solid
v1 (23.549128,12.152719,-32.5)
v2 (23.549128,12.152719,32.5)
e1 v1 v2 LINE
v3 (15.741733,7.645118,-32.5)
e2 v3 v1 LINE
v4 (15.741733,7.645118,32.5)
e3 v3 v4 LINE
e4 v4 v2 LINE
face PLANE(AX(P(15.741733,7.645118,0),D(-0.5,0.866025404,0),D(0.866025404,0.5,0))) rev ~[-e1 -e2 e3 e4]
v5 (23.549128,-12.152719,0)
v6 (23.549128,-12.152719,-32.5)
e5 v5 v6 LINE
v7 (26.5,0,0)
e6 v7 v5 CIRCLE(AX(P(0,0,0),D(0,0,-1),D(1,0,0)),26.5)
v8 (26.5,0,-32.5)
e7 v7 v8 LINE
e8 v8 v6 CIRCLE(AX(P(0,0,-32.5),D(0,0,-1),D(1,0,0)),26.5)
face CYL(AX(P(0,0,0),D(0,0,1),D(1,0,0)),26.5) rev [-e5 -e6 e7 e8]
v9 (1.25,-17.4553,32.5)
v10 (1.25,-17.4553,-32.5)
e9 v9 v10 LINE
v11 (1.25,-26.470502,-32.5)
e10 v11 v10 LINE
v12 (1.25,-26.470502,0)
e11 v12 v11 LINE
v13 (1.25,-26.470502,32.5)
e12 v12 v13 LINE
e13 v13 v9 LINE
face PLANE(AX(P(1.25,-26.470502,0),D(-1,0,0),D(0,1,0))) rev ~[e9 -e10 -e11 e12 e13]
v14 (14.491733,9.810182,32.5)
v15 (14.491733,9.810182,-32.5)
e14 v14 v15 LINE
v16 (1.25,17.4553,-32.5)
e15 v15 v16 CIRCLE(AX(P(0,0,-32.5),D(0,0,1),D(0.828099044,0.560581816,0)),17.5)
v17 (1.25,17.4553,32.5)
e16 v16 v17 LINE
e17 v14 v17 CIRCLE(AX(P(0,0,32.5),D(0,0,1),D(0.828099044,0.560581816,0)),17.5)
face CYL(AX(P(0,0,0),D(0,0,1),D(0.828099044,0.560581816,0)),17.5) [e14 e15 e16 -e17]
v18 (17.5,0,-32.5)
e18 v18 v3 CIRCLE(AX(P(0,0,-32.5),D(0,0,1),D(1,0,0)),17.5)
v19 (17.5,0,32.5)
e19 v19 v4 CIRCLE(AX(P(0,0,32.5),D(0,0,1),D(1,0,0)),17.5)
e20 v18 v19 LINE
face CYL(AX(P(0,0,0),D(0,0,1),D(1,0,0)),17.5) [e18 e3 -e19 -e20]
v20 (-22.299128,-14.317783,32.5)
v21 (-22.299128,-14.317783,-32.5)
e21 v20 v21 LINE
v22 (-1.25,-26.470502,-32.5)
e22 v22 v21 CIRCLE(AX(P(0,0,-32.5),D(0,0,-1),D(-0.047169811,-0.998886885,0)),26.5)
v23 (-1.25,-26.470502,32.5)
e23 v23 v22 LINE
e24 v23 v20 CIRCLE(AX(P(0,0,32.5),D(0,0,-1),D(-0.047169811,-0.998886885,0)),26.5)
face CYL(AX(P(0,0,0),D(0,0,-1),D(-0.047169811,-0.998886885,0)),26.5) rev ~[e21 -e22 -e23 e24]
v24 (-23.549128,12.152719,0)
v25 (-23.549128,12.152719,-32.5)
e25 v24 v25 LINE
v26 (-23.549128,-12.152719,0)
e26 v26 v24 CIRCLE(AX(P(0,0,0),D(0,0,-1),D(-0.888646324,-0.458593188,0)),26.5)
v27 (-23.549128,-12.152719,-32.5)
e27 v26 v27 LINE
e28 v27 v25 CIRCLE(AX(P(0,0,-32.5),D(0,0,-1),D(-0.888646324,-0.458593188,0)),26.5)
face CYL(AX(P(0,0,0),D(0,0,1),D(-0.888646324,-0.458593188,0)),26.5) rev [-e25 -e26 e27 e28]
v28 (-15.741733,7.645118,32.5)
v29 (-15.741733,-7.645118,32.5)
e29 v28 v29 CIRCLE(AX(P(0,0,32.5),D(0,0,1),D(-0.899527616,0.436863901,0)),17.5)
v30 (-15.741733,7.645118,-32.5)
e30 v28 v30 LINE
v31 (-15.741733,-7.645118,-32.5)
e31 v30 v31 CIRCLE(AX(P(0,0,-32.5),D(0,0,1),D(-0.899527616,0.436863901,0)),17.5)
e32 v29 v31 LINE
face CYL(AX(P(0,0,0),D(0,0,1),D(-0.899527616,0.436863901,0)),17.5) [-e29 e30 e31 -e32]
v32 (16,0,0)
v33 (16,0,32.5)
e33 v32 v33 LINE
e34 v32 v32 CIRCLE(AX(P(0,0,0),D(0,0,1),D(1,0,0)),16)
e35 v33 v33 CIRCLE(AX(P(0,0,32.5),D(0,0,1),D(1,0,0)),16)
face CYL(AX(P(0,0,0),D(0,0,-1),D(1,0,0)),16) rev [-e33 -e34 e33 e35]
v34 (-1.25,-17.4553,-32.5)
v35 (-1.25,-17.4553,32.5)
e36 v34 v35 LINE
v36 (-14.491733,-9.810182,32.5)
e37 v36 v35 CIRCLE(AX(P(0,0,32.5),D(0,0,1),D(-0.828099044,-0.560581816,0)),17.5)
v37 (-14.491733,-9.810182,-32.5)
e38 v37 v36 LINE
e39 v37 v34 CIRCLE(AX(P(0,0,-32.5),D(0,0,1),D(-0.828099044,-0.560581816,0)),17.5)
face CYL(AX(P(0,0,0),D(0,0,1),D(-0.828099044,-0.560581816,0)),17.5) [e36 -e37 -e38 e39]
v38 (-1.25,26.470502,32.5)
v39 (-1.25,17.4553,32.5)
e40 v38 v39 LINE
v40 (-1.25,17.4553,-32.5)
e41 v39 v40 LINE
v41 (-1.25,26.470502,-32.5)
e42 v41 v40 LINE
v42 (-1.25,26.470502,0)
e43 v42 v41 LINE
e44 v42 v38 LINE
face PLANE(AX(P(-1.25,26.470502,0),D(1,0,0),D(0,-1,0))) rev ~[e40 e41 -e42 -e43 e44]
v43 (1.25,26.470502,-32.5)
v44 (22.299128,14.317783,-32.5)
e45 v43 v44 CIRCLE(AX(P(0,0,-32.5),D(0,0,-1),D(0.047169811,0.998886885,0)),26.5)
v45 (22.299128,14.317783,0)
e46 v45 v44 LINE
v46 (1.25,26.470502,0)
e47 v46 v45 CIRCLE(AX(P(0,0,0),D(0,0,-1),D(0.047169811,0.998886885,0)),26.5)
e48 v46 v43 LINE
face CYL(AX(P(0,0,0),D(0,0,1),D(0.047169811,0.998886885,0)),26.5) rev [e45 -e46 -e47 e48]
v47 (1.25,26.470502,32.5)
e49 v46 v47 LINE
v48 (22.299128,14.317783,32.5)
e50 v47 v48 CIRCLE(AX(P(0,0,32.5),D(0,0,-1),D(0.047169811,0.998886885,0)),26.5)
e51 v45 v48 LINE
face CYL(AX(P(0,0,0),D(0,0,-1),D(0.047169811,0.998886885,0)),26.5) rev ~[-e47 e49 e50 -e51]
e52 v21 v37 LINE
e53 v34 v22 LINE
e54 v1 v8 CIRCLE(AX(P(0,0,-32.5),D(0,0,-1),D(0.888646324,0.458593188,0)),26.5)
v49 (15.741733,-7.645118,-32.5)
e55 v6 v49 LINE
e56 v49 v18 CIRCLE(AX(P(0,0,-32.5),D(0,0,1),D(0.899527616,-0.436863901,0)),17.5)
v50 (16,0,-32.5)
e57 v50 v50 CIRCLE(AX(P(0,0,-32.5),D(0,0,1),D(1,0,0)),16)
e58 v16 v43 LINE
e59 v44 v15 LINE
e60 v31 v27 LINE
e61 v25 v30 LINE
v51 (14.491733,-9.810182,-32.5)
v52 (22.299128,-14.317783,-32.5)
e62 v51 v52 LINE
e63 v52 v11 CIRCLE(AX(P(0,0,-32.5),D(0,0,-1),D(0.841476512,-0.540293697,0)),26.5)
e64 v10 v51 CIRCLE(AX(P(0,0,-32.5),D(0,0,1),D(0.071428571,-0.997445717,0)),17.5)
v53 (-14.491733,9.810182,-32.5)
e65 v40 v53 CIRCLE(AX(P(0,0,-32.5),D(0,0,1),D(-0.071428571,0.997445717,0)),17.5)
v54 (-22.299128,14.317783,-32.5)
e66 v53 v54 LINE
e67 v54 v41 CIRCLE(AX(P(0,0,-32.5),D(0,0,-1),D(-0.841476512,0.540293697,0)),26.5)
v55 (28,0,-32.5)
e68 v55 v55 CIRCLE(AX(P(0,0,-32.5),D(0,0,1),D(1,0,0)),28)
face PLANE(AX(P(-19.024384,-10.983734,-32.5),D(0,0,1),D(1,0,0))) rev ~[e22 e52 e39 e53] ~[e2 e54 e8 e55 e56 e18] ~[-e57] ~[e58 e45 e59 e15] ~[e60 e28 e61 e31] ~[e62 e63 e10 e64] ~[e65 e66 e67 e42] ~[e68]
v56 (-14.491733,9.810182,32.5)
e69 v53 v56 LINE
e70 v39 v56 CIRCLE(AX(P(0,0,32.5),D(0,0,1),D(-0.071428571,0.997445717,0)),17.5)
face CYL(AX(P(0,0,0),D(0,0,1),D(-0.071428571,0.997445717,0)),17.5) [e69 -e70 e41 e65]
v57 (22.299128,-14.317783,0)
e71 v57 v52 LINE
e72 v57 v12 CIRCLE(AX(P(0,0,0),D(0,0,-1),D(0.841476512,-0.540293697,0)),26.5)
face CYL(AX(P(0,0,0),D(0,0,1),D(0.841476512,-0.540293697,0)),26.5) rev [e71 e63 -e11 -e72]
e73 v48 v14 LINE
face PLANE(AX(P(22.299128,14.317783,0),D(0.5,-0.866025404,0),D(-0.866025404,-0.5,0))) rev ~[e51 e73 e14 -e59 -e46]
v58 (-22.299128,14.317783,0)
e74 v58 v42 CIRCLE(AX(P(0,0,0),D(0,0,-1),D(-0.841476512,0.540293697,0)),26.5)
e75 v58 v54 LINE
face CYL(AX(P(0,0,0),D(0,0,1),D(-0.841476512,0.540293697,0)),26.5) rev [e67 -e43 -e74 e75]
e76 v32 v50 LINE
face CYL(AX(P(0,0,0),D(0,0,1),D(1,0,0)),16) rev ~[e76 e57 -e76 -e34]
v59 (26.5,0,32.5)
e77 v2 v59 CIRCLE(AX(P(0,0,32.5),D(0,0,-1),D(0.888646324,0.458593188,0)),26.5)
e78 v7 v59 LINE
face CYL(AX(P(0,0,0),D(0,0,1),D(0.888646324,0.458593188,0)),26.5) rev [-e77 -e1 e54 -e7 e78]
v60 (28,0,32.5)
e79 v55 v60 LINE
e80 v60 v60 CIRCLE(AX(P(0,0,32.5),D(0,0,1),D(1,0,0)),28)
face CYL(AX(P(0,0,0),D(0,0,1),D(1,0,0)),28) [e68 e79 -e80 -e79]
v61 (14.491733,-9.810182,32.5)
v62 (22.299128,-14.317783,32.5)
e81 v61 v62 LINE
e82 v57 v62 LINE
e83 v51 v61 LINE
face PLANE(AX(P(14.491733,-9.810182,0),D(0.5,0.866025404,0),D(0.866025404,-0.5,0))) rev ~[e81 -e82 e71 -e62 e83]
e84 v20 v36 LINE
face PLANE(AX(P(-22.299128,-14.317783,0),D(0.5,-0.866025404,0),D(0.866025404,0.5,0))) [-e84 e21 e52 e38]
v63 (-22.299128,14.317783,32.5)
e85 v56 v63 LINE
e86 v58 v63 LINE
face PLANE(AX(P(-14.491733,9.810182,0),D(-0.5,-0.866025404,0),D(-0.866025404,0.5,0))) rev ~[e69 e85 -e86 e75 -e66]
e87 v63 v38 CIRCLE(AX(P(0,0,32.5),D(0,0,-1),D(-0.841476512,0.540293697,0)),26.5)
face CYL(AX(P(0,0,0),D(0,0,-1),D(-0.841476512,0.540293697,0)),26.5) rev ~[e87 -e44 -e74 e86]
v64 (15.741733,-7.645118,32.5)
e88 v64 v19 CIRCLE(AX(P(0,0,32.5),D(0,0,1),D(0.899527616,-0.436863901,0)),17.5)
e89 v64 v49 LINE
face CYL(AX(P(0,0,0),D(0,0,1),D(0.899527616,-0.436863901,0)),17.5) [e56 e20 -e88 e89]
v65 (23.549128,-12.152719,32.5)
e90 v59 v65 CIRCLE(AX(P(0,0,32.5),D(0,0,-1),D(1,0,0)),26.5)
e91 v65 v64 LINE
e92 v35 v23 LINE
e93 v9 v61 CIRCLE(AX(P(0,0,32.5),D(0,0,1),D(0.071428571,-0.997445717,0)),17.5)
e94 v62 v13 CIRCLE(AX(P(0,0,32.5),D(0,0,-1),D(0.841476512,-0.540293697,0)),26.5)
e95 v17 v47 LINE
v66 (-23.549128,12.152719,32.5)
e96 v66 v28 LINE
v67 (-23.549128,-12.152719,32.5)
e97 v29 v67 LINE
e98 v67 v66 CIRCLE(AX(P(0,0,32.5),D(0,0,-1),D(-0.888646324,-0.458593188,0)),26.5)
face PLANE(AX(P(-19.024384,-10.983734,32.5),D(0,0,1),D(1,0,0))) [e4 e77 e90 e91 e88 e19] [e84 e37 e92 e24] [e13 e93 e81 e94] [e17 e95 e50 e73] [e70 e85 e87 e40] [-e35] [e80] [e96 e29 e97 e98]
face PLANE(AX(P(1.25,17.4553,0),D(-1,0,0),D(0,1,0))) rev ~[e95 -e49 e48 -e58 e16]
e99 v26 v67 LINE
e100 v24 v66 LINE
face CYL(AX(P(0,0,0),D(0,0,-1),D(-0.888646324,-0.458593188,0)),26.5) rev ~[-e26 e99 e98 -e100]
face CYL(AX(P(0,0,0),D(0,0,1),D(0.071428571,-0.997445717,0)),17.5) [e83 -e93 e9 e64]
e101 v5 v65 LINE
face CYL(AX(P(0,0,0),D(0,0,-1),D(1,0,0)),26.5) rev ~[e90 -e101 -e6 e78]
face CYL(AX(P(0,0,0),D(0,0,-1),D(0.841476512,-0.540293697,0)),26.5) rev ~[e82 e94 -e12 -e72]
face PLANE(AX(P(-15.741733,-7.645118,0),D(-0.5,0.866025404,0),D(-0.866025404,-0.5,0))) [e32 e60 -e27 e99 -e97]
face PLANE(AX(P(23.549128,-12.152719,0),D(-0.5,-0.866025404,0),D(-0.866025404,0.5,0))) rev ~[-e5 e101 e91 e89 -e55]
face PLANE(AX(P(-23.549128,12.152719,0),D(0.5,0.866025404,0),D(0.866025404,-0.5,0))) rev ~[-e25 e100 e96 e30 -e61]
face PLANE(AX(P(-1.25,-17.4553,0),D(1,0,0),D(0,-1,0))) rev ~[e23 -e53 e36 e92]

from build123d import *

# Parameters (mm, degrees)
F0_R     = 16
F1_DEPTH = 32.5
F0_R_2   = 28
F2_DEPTH = 32.5


with BuildPart() as f1:
    # F0 (on Top) → F1 (new body, symmetric)
    with BuildSketch(Plane.XY):
        with BuildLine():
            ThreePointArc((15.7417332781, -7.6451182726), (17.0547696022, -3.9223505474), (17.5, 0))
            ThreePointArc((17.5, 0), (17.0547696022, 3.9223505474), (15.7417332781, 7.6451182726))
            ThreePointArc((15.7417332781, 7.6451182726), (15.1554445662, 8.75), (14.4917332781, 9.8101817821))
            ThreePointArc((14.4917332781, 9.8101817821), (8.75, 15.1554445662), (1.25, 17.4553000547))
            ThreePointArc((1.25, 17.4553000547), (0, 17.5), (-1.25, 17.4553000547))
            ThreePointArc((-1.25, 17.4553000547), (-8.75, 15.1554445662), (-14.4917332781, 9.8101817821))
            ThreePointArc((-14.4917332781, 9.8101817821), (-15.1554445662, 8.75), (-15.7417332781, 7.6451182726))
            ThreePointArc((-15.7417332781, 7.6451182726), (-17.5, 0), (-15.7417332781, -7.6451182726))
            ThreePointArc((-15.7417332781, -7.6451182726), (-15.1554445662, -8.75), (-14.4917332781, -9.8101817821))
            ThreePointArc((-14.4917332781, -9.8101817821), (-8.75, -15.1554445662), (-1.25, -17.4553000547))
            ThreePointArc((-1.25, -17.4553000547), (0, -17.5), (1.25, -17.4553000547))
            ThreePointArc((1.25, -17.4553000547), (8.75, -15.1554445662), (14.4917332781, -9.8101817821))
            ThreePointArc((14.4917332781, -9.8101817821), (15.1554445662, -8.75), (15.7417332781, -7.6451182726))
        make_face()
        Circle(F0_R, mode=Mode.SUBTRACT)
    extrude(amount=F1_DEPTH, both=True)



with BuildPart() as f1b:
    # F0 (on Top) → F1, piece 2 (new body, symmetric)
    with BuildSketch(Plane.XY):
        Circle(F0_R_2)
        with BuildLine():
            ThreePointArc((22.2991275734, 14.3177829802), (22.9496732003, 13.25), (23.5491275734, 12.1527194707))
            ThreePointArc((23.5491275734, 12.1527194707), (25.751717231, 6.2529240882), (26.5, 0))
            ThreePointArc((26.5, 0), (25.751717231, -6.2529240882), (23.5491275734, -12.1527194707))
            ThreePointArc((23.5491275734, -12.1527194707), (22.9496732003, -13.25), (22.2991275734, -14.3177829802))
            ThreePointArc((22.2991275734, -14.3177829802), (13.25, -22.9496732003), (1.25, -26.4705024508))
            ThreePointArc((1.25, -26.4705024508), (0, -26.5), (-1.25, -26.4705024508))
            ThreePointArc((-1.25, -26.4705024508), (-13.25, -22.9496732003), (-22.2991275734, -14.3177829802))
            ThreePointArc((-22.2991275734, -14.3177829802), (-22.9496732003, -13.25), (-23.5491275734, -12.1527194707))
            ThreePointArc((-23.5491275734, -12.1527194707), (-26.5, 0), (-23.5491275734, 12.1527194707))
            ThreePointArc((-23.5491275734, 12.1527194707), (-22.9496732003, 13.25), (-22.2991275734, 14.3177829802))
            ThreePointArc((-22.2991275734, 14.3177829802), (-13.25, 22.9496732003), (-1.25, 26.4705024508))
            ThreePointArc((-1.25, 26.4705024508), (0, 26.5), (1.25, 26.4705024508))
            ThreePointArc((1.25, 26.4705024508), (13.25, 22.9496732003), (22.2991275734, 14.3177829802))
        make_face(mode=Mode.SUBTRACT)
    extrude(amount=F1_DEPTH, both=True)


with BuildPart() as f1_1:
    add(f1.part)

    add(f1b.part)  # F2 merges F1b
    # F0 (on Top) → F2 (join, symmetric)
    with BuildSketch(Plane.XY):
        with BuildLine():
            ThreePointArc((-15.7417332781, 7.6451182726), (-15.1554445662, 8.75), (-14.4917332781, 9.8101817821))
            Line((-14.4917332781, 9.8101817821), (-22.2991275734, 14.3177829802))
            ThreePointArc((-22.2991275734, 14.3177829802), (-22.9496732003, 13.25), (-23.5491275734, 12.1527194707))
            Line((-23.5491275734, 12.1527194707), (-15.7417332781, 7.6451182726))
        make_face()
        with BuildLine():
            ThreePointArc((-1.25, 17.4553000547), (0, 17.5), (1.25, 17.4553000547))
            Line((1.25, 17.4553000547), (1.25, 26.4705024508))
            ThreePointArc((1.25, 26.4705024508), (0, 26.5), (-1.25, 26.4705024508))
            Line((-1.25, 26.4705024508), (-1.25, 17.4553000547))
        make_face()
        with BuildLine():
            ThreePointArc((14.4917332781, 9.8101817821), (15.1554445662, 8.75), (15.7417332781, 7.6451182726))
            Line((15.7417332781, 7.6451182726), (23.5491275734, 12.1527194707))
            ThreePointArc((23.5491275734, 12.1527194707), (22.9496732003, 13.25), (22.2991275734, 14.3177829802))
            Line((22.2991275734, 14.3177829802), (14.4917332781, 9.8101817821))
        make_face()
        with BuildLine():
            Line((23.5491275734, -12.1527194707), (15.7417332781, -7.6451182726))
            ThreePointArc((15.7417332781, -7.6451182726), (15.1554445662, -8.75), (14.4917332781, -9.8101817821))
            Line((14.4917332781, -9.8101817821), (22.2991275734, -14.3177829802))
            ThreePointArc((22.2991275734, -14.3177829802), (22.9496732003, -13.25), (23.5491275734, -12.1527194707))
        make_face()
        with BuildLine():
            Line((1.25, -26.4705024508), (1.25, -17.4553000547))
            ThreePointArc((1.25, -17.4553000547), (0, -17.5), (-1.25, -17.4553000547))
            Line((-1.25, -17.4553000547), (-1.25, -26.4705024508))
            ThreePointArc((-1.25, -26.4705024508), (0, -26.5), (1.25, -26.4705024508))
        make_face()
        with BuildLine():
            Line((-22.2991275734, -14.3177829802), (-14.4917332781, -9.8101817821))
            ThreePointArc((-14.4917332781, -9.8101817821), (-15.1554445662, -8.75), (-15.7417332781, -7.6451182726))
            Line((-15.7417332781, -7.6451182726), (-23.5491275734, -12.1527194707))
            ThreePointArc((-23.5491275734, -12.1527194707), (-22.9496732003, -13.25), (-22.2991275734, -14.3177829802))
        make_face()
    extrude(amount=F2_DEPTH, both=True)


solid = f1_1.part
